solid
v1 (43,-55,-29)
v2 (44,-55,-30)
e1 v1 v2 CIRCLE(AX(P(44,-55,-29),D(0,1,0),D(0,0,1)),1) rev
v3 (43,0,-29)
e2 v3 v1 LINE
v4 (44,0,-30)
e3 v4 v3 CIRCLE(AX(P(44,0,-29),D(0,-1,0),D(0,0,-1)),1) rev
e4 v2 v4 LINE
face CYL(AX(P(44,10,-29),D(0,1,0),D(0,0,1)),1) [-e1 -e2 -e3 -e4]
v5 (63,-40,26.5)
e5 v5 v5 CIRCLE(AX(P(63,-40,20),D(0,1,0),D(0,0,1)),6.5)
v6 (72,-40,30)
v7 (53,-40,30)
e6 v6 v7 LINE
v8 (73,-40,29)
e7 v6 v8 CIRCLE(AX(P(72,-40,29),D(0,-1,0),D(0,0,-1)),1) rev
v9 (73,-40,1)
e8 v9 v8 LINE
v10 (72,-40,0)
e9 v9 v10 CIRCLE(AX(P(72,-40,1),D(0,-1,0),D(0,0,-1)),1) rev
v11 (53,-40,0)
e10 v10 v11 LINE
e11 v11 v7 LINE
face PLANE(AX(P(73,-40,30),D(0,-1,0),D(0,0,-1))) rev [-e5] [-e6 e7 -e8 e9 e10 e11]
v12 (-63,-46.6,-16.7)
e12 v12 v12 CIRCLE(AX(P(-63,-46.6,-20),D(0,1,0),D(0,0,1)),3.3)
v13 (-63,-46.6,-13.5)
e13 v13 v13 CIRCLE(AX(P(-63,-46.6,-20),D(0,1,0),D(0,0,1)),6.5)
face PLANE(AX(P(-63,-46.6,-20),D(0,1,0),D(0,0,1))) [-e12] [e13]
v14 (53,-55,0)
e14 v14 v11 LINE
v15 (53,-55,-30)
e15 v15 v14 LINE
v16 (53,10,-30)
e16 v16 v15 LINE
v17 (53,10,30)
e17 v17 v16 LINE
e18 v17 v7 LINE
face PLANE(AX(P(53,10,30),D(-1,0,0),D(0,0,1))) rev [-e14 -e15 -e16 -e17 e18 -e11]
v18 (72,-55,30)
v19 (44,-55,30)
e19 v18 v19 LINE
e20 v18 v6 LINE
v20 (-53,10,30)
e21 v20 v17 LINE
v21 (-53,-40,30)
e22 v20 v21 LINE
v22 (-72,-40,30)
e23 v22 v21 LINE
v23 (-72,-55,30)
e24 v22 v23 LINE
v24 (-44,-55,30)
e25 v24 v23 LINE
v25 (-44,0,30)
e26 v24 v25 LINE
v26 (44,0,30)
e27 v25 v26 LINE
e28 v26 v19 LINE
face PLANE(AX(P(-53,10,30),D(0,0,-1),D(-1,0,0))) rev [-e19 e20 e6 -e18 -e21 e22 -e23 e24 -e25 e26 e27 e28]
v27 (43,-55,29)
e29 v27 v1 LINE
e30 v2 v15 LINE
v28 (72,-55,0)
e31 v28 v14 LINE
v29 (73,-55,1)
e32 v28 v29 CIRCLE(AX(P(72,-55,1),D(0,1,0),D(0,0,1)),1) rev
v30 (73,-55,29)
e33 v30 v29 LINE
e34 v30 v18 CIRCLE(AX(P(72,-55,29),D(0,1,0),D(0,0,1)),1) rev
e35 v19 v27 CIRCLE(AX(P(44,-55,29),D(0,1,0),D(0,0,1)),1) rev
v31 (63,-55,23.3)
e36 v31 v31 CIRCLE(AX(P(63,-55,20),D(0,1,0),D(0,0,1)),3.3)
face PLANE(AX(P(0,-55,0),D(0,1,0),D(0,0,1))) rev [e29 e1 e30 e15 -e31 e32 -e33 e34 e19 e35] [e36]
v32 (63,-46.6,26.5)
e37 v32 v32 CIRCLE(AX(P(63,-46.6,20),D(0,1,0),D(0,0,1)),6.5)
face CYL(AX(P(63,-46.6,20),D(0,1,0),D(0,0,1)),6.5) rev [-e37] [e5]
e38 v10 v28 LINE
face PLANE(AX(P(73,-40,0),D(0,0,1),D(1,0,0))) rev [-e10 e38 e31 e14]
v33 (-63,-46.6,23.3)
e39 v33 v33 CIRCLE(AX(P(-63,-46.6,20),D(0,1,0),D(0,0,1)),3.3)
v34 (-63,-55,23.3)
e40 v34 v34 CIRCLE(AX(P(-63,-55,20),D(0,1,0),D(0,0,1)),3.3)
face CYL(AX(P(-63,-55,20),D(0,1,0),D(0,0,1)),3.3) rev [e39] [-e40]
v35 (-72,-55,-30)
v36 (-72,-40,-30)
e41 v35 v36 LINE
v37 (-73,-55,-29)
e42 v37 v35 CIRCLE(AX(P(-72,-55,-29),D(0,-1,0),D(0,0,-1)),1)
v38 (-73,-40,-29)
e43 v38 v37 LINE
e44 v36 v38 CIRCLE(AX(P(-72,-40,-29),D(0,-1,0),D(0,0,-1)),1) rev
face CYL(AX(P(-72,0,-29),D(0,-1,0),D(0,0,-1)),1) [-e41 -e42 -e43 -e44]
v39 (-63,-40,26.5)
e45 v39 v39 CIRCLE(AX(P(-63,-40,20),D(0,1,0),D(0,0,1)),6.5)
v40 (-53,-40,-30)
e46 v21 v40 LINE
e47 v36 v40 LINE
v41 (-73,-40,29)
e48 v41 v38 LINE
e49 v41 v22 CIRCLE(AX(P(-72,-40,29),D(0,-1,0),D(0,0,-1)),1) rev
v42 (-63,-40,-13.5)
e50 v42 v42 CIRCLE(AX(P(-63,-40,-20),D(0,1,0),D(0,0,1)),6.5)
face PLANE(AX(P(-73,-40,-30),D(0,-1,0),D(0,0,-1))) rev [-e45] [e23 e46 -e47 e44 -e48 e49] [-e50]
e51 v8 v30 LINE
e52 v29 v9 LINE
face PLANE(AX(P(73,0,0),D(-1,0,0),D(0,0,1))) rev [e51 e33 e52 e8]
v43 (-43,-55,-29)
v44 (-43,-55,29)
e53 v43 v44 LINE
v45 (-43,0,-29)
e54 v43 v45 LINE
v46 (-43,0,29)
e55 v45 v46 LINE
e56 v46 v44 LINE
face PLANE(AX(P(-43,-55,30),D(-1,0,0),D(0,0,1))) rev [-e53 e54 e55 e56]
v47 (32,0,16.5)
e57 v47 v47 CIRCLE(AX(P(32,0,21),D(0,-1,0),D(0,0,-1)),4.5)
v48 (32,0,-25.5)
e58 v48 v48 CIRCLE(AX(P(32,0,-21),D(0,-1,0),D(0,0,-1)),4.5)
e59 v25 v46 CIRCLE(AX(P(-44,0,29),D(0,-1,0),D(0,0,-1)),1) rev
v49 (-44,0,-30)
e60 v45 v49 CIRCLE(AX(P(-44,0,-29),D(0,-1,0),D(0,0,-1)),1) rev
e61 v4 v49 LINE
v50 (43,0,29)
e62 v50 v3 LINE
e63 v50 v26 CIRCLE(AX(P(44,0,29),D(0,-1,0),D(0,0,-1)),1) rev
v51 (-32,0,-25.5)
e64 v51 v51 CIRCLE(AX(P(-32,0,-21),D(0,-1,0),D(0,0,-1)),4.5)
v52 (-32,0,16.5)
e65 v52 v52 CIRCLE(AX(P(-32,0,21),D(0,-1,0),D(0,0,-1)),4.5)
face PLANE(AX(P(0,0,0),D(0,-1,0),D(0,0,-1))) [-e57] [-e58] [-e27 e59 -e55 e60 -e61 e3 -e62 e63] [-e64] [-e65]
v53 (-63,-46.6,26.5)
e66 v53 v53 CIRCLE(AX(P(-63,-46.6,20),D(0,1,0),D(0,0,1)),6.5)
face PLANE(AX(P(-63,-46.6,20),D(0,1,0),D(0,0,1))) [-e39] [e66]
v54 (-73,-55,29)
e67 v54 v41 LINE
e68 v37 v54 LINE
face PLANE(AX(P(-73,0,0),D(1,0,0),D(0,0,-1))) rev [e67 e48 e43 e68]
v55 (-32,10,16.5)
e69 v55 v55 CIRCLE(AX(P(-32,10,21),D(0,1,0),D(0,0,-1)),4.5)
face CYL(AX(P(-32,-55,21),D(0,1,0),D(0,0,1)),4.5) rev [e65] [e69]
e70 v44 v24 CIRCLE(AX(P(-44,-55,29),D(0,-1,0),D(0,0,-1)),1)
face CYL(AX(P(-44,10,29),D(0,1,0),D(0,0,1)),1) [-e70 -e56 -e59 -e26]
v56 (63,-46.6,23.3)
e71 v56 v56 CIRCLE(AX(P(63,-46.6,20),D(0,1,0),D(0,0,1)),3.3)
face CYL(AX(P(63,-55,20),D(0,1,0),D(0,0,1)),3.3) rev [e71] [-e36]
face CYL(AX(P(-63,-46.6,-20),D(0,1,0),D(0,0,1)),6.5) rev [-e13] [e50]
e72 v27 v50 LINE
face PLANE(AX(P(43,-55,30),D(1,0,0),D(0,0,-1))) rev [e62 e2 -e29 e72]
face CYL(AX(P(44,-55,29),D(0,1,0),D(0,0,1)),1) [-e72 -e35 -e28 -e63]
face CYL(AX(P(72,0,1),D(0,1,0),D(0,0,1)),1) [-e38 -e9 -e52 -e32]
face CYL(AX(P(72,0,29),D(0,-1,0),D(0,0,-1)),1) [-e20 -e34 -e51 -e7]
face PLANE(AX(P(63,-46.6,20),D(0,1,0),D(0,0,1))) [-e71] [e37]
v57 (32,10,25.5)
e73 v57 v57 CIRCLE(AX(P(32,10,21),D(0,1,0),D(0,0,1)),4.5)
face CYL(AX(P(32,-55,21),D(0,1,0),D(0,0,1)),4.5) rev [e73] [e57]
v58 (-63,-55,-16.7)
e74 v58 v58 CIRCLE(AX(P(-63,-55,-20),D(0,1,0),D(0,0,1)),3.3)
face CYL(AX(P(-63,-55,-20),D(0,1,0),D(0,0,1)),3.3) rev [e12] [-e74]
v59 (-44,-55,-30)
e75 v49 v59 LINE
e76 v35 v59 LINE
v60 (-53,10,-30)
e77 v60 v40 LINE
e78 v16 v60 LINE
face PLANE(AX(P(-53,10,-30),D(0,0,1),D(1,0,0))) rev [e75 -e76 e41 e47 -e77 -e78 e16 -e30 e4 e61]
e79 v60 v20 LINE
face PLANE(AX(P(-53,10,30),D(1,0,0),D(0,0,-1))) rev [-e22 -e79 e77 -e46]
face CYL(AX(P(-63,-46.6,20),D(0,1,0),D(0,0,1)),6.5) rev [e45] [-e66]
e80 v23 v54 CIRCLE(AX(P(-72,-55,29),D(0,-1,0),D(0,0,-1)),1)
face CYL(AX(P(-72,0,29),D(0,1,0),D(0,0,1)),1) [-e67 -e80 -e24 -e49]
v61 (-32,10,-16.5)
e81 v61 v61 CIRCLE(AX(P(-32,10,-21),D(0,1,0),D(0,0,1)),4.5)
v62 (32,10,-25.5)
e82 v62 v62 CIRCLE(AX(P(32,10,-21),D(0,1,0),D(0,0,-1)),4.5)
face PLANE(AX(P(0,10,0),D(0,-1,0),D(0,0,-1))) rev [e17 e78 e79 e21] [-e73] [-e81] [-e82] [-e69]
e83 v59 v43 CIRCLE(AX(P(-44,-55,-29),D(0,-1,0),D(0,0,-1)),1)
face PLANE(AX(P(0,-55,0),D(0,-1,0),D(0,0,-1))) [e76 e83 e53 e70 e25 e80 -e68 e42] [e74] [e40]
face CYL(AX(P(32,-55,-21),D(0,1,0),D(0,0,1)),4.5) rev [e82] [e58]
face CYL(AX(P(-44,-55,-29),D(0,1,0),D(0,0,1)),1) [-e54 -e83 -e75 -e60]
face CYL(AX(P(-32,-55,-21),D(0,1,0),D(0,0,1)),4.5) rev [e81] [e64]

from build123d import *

# Parameters (mm, degrees)
SKETCH1_W           = 106
SKETCH1_H           = 60
BOSS_EXTRUDE1_DEPTH = 10
SKETCH2_W           = 10
SKETCH2_H           = 60
BOSS_EXTRUDE2_DEPTH = 55
SKETCH3_W           = 30
SKETCH3_H           = 15
BOSS_EXTRUDE3_DEPTH = 20
SKETCH4_W           = 60
SKETCH4_H           = 15
BOSS_EXTRUDE4_DEPTH = 20
SKETCH5_R           = 4.5
CUT_EXTRUDE1_DEPTH  = 66
SKETCH6_R           = 6.5
CUT_EXTRUDE2_DEPTH  = 6.6
SKETCH7_R           = 3.3
CUT_EXTRUDE3_DEPTH  = 9.4
FILLET1_R           = 1


with BuildPart() as part:
    # Sketch1 → Boss-Extrude1 (new body)
    with BuildSketch(Plane(origin=(0, 0, 0), x_dir=(1, 0, 0), z_dir=(0, 1, 0))):
        Rectangle(SKETCH1_W, SKETCH1_H)
    extrude(amount=BOSS_EXTRUDE1_DEPTH)

    # Sketch2 → Boss-Extrude2 (add)
    with BuildSketch(Plane.XZ):
        with Locations((-48, 0)):
            Rectangle(SKETCH2_W, SKETCH2_H)
        with Locations((48, 0)):
            Rectangle(SKETCH2_W, SKETCH2_H)
    extrude(amount=BOSS_EXTRUDE2_DEPTH)

    # Sketch3 → Boss-Extrude3 (add)
    with BuildSketch(Plane(origin=(53, 0, 0), x_dir=(0, 0, -1), z_dir=(1, 0, 0))):
        with Locations((-15, -47.5)):
            Rectangle(SKETCH3_W, SKETCH3_H)
    extrude(amount=BOSS_EXTRUDE3_DEPTH)

    # Sketch4 → Boss-Extrude4 (add)
    with BuildSketch(Plane.ZY.offset(53)):
        with Locations((0, -47.5)):
            Rectangle(SKETCH4_W, SKETCH4_H)
    extrude(amount=BOSS_EXTRUDE4_DEPTH)

    # Sketch5 → Cut-Extrude1 (cut, through all)
    with BuildSketch(Plane(origin=(0, 10, 0), x_dir=(1, 0, 0), z_dir=(0, 1, 0))):
        with Locations((-32, 21)):
            Circle(SKETCH5_R)
        with Locations((32, 21)):
            Circle(SKETCH5_R)
        with Locations((32, -21)):
            Circle(SKETCH5_R)
        with Locations((-32, -21)):
            Circle(SKETCH5_R)
    extrude(amount=-CUT_EXTRUDE1_DEPTH, mode=Mode.SUBTRACT)

    # Sketch6 → Cut-Extrude2 (cut)
    with BuildSketch(Plane(origin=(0, -40, 0), x_dir=(1, 0, 0), z_dir=(0, 1, 0))):
        with Locations((63, -20)):
            Circle(SKETCH6_R)
        with Locations((-63, 20)):
            Circle(SKETCH6_R)
        with Locations((-63, -20)):
            Circle(SKETCH6_R)
    extrude(amount=-CUT_EXTRUDE2_DEPTH, mode=Mode.SUBTRACT)

    # Sketch7 → Cut-Extrude3 (cut, through all)
    with BuildSketch(Plane(origin=(0, -46.6, 0), x_dir=(1, 0, 0), z_dir=(0, 1, 0))):
        with Locations((-63, 20)):
            Circle(SKETCH7_R)
        with Locations((-63, -20)):
            Circle(SKETCH7_R)
        with Locations((63, -20)):
            Circle(SKETCH7_R)
    extrude(amount=-CUT_EXTRUDE3_DEPTH, mode=Mode.SUBTRACT)

    # Fillet1
    fillet1_edges = [part.edges().sort_by_distance(p)[0] for p in [
        (-43, -27.5, -30),
        (-43, -27.5, 30),
        (43, -27.5, 30),
        (43, -27.5, -30),
        (73, -47.5, 30),
        (73, -47.5, 0),
        (-73, -47.5, -30),
        (-73, -47.5, 30),
    ]]
    fillet(fillet1_edges, radius=FILLET1_R)


solid = part.part
